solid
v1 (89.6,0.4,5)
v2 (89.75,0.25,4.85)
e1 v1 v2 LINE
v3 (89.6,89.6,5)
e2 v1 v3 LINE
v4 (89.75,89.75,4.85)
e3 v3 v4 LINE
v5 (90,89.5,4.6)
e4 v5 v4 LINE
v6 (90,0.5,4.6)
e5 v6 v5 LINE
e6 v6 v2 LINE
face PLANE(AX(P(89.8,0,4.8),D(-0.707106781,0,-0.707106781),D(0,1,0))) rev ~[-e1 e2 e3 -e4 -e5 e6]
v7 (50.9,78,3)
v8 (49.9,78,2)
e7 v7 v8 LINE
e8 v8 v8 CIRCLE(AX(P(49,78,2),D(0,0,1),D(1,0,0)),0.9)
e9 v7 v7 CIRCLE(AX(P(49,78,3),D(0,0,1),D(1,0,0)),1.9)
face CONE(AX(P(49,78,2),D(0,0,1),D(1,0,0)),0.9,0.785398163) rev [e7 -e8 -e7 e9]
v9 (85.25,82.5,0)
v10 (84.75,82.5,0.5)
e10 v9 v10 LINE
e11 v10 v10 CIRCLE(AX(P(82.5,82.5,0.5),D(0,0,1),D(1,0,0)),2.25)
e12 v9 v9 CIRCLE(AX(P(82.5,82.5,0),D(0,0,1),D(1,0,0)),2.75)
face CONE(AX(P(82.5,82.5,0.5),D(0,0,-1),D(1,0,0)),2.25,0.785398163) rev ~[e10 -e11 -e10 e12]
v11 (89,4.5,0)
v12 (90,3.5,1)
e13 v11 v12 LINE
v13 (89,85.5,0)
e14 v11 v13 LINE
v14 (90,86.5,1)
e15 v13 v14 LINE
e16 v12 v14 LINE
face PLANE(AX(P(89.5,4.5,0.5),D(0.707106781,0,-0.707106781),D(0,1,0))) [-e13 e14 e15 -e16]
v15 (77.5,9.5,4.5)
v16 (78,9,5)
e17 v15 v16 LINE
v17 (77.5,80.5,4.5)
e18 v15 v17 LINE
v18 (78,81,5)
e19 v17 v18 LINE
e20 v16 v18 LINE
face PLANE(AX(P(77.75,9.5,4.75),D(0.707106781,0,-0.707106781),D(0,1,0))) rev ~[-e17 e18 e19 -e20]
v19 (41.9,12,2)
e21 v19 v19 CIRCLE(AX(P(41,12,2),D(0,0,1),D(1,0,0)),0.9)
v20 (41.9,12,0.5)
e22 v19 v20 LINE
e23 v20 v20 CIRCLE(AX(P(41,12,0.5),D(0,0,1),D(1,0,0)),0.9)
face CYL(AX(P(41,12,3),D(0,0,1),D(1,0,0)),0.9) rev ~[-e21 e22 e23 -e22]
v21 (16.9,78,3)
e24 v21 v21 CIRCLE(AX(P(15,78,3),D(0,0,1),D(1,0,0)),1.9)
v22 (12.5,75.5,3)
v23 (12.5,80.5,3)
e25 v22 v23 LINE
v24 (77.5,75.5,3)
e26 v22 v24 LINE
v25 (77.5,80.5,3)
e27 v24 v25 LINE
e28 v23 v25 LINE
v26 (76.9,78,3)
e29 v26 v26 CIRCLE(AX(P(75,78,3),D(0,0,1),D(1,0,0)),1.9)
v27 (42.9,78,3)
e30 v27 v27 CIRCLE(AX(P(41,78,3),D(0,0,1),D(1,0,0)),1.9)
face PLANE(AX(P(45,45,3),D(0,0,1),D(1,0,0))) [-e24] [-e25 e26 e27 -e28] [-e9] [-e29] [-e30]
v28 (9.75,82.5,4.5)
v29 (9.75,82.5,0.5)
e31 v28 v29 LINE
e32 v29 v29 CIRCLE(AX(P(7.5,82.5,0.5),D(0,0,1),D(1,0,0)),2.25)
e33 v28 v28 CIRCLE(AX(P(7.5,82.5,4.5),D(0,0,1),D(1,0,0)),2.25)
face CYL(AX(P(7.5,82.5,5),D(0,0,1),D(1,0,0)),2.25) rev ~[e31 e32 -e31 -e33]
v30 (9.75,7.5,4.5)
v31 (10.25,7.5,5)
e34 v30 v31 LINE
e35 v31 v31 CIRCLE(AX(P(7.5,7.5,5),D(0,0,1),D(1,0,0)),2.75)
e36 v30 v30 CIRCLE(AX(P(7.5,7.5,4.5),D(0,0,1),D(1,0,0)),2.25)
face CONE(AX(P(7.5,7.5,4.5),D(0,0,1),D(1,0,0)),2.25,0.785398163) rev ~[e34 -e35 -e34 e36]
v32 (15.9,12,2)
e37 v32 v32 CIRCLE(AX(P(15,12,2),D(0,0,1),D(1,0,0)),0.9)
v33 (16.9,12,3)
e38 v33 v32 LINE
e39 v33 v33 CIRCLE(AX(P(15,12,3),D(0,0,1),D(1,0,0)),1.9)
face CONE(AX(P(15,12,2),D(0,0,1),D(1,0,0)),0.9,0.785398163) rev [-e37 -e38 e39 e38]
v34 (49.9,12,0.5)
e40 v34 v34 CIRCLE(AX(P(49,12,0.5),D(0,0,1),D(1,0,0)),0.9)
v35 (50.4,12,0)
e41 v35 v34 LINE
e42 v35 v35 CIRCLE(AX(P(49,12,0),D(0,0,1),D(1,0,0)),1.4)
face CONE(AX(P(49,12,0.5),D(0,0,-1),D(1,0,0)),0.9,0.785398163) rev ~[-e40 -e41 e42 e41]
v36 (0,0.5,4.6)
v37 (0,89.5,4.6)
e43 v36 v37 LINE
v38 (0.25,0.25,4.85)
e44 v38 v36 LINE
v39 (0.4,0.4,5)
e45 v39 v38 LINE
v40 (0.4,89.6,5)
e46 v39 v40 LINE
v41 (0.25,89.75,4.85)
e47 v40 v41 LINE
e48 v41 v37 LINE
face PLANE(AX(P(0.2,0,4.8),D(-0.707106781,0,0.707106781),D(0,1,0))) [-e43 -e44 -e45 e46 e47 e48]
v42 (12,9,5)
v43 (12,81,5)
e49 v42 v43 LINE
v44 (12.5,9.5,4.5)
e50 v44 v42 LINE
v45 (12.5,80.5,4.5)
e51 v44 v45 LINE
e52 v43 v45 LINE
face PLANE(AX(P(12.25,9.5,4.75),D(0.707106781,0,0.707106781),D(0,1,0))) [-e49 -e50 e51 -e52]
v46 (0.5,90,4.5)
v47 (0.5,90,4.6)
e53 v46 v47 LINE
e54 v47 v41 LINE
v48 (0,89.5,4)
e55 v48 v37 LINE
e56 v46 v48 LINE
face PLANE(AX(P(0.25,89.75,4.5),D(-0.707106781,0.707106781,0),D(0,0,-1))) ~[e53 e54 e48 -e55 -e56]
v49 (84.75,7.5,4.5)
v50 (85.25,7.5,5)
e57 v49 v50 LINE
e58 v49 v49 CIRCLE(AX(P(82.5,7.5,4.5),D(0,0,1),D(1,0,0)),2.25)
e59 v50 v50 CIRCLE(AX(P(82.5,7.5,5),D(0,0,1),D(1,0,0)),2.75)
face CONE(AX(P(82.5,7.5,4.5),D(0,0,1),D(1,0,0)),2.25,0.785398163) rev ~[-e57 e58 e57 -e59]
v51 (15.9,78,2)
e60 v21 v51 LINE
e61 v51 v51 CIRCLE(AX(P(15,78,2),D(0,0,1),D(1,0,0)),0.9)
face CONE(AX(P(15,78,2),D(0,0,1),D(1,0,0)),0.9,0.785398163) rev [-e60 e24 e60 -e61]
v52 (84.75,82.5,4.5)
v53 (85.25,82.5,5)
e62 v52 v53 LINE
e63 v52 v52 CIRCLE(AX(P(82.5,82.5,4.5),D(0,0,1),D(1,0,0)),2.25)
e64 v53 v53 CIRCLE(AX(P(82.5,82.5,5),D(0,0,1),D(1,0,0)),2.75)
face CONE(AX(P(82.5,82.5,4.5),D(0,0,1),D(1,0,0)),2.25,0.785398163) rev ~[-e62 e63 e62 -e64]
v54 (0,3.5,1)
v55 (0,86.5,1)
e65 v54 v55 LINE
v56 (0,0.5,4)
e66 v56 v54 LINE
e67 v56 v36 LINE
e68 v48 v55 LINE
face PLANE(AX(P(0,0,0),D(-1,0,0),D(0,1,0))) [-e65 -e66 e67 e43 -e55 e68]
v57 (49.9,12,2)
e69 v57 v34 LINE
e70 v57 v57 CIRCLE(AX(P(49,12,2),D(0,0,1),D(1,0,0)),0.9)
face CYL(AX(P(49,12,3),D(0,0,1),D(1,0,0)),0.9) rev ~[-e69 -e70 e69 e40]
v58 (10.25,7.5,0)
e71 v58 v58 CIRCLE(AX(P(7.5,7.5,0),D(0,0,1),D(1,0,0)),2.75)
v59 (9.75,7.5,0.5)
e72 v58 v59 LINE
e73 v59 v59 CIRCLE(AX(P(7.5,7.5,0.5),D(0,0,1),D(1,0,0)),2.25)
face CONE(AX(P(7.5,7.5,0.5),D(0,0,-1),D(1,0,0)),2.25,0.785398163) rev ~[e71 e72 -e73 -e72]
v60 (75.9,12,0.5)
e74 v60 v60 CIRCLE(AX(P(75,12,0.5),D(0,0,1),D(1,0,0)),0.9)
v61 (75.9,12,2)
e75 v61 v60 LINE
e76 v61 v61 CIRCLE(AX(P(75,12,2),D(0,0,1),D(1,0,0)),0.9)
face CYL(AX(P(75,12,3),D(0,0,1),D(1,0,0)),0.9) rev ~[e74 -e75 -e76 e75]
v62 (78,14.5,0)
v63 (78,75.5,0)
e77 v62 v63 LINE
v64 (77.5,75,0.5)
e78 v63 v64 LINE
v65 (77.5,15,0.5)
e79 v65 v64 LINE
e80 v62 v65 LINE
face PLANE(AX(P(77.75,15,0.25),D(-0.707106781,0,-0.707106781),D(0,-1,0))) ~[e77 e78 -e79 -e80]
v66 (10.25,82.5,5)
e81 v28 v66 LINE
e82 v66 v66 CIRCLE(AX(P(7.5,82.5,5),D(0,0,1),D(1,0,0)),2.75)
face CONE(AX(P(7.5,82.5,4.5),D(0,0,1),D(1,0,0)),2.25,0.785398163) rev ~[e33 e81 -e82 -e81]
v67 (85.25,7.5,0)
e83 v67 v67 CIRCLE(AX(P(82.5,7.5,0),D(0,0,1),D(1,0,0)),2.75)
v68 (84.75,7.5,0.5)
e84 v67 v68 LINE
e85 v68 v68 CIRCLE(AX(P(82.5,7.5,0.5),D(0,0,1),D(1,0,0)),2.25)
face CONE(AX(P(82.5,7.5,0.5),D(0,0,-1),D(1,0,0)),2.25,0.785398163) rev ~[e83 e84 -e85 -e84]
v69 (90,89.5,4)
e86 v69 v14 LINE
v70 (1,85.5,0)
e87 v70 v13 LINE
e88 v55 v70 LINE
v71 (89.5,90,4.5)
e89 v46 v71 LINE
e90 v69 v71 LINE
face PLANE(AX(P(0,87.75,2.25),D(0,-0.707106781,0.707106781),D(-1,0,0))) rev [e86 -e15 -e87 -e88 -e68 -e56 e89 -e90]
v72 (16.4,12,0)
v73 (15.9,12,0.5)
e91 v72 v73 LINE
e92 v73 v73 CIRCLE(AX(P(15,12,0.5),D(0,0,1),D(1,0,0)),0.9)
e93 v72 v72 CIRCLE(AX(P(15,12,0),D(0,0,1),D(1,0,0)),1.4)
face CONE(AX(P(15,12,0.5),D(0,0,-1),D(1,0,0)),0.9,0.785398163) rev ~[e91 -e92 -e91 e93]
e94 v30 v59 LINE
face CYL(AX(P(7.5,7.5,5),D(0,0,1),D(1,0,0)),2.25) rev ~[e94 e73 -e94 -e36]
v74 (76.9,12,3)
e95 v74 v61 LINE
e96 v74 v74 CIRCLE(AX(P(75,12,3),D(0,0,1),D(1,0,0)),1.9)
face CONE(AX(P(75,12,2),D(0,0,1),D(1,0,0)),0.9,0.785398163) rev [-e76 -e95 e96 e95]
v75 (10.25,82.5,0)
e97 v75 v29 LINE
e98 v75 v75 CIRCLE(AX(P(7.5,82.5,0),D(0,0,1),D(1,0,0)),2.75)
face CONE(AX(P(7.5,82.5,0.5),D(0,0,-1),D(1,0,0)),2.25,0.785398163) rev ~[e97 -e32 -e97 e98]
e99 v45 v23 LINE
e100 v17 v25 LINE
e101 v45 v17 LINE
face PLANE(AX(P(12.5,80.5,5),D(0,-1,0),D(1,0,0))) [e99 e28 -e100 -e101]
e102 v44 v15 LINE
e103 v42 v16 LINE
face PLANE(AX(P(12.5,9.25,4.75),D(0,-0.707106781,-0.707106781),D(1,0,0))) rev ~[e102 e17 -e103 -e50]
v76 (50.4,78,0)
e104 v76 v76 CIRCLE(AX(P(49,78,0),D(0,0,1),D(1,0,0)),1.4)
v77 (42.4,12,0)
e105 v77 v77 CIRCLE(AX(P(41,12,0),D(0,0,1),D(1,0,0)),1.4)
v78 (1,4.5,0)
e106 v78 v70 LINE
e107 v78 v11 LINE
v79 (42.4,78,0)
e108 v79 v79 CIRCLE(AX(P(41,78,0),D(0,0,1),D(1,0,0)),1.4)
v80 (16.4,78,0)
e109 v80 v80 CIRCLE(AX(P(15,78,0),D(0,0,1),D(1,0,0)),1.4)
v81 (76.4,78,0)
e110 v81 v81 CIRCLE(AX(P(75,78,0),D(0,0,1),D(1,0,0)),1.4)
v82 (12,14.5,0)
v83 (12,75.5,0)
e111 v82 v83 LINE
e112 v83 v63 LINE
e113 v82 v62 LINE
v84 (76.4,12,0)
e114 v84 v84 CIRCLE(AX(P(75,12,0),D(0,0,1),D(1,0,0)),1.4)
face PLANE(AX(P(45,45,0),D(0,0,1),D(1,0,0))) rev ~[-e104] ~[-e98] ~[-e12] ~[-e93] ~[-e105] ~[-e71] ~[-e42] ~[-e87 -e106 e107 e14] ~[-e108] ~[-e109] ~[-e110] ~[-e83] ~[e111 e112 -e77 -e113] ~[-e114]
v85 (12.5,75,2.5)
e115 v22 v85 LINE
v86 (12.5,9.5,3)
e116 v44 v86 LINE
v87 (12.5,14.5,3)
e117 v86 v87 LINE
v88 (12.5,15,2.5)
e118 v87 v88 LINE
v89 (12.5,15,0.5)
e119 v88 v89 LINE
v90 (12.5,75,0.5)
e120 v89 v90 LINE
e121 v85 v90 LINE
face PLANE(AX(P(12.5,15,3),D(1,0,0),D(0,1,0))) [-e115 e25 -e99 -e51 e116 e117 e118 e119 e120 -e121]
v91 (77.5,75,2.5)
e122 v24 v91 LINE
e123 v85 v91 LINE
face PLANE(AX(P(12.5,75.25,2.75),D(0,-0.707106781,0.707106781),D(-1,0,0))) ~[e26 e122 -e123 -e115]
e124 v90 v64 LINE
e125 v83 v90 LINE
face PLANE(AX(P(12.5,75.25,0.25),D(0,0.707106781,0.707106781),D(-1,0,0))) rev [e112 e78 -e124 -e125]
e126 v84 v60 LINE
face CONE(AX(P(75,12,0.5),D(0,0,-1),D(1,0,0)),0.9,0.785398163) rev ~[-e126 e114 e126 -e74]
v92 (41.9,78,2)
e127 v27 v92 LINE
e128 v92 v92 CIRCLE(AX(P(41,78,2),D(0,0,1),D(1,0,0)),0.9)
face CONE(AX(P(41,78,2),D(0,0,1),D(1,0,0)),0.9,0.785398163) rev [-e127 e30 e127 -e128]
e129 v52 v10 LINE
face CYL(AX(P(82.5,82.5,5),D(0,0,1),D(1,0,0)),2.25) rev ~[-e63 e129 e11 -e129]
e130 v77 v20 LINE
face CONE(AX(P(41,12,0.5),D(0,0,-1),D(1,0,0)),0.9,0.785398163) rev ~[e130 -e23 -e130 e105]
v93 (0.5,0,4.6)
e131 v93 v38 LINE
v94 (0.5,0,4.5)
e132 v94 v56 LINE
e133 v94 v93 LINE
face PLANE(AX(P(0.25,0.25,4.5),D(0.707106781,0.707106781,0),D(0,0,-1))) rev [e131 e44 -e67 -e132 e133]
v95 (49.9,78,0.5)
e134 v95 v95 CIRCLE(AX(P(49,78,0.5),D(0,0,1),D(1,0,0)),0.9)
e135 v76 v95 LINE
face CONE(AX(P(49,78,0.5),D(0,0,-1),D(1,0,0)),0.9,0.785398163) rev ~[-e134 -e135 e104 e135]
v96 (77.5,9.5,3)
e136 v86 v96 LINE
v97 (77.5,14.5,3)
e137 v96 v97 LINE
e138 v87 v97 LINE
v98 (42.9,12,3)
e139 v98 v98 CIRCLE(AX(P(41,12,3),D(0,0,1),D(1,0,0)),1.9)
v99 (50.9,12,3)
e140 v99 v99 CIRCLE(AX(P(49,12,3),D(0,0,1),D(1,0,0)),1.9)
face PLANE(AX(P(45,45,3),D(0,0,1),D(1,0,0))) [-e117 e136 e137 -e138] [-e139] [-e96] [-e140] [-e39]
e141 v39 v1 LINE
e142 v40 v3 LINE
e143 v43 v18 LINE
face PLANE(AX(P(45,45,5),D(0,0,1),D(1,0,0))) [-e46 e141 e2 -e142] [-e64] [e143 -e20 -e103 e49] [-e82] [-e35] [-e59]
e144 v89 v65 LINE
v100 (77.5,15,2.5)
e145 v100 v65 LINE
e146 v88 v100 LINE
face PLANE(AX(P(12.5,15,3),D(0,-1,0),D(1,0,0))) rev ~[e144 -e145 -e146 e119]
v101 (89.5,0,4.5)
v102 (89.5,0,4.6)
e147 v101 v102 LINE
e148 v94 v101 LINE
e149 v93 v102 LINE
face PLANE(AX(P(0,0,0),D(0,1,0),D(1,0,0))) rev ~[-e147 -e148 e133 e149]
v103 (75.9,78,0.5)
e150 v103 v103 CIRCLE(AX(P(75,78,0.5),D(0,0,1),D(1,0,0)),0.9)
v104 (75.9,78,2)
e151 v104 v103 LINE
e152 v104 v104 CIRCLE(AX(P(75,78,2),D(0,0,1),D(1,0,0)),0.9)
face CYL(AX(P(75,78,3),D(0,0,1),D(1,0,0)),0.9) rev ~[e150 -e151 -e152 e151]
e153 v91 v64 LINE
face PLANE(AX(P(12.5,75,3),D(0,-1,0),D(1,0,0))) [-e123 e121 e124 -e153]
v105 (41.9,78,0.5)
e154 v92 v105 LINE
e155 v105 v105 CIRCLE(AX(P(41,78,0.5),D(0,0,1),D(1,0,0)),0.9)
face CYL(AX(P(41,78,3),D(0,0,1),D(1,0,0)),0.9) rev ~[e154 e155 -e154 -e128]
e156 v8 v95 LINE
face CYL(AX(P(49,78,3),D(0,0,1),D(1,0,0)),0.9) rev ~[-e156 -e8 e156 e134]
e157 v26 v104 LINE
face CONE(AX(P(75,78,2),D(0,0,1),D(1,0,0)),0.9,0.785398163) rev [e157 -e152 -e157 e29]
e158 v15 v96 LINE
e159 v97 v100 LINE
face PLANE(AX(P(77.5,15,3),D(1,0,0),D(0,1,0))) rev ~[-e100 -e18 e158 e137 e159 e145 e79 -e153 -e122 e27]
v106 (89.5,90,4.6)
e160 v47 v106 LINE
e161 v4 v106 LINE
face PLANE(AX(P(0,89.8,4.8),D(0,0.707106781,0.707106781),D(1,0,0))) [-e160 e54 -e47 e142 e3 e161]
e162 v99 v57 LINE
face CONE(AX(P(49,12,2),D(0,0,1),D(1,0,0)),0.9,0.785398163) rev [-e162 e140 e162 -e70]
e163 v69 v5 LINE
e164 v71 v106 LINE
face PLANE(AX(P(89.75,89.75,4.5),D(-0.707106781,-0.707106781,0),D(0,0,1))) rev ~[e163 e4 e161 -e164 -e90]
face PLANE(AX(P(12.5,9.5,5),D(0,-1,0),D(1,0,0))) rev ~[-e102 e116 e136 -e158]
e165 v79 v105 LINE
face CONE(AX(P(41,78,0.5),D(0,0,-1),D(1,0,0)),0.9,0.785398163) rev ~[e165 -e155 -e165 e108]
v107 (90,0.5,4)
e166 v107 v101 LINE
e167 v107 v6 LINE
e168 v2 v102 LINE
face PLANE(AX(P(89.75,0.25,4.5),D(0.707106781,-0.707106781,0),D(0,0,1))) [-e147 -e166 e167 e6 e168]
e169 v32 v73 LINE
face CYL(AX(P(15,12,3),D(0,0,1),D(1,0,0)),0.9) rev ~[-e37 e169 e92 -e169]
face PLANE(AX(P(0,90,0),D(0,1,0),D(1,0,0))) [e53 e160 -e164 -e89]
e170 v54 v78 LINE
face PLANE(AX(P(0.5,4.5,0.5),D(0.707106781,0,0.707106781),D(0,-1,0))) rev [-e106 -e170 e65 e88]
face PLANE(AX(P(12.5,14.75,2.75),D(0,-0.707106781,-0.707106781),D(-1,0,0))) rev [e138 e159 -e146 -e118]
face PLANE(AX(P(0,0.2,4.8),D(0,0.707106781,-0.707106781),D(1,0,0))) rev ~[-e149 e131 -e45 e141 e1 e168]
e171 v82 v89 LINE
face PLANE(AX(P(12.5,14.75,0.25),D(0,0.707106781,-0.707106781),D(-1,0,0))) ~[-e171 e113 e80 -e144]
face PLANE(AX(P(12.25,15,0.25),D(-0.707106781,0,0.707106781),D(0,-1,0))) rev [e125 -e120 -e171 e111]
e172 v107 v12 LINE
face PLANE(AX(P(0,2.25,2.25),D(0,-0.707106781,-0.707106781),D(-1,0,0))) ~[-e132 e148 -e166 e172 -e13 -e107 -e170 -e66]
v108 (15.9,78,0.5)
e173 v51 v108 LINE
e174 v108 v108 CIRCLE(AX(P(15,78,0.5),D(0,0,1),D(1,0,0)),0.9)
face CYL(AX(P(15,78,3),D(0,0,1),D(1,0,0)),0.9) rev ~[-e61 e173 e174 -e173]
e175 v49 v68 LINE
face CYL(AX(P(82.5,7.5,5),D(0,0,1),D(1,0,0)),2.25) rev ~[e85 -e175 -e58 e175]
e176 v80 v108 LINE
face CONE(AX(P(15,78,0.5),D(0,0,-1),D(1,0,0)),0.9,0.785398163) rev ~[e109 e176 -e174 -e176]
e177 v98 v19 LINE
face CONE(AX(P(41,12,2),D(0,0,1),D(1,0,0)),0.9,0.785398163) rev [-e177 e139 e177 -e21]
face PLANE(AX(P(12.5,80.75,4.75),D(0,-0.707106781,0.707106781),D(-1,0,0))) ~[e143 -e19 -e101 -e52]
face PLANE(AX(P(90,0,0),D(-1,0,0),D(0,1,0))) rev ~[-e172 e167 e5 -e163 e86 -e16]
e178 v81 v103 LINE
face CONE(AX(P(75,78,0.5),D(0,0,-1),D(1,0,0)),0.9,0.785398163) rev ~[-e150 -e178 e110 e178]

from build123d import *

# Parameters (mm, degrees)
SKETCH_W        = 90
SKETCH_H        = 90
PAD_DEPTH       = 5
SKETCH001_R     = 2.25
POCKET_DEPTH    = 5
SKETCH002_W     = 65
SKETCH002_H     = 71
POCKET001_DEPTH = 2
SKETCH003_R     = 0.9
POCKET002_DEPTH = 5
SKETCH004_W     = 65
SKETCH004_H     = 60
POCKET003_DEPTH = 3
CHAMFER_SIZE    = 4.5
CHAMFER001_SIZE = 1
CHAMFER002_SIZE = 0.5
CHAMFER003_SIZE = 0.5
CHAMFER004_SIZE = 0.5
CHAMFER005_SIZE = 0.5
CHAMFER006_SIZE = 1
CHAMFER007_SIZE = 0.5
CHAMFER008_SIZE = 0.5
CHAMFER009_SIZE = 0.4
CHAMFER010_SIZE = 0.5


with BuildPart() as part:
    # Sketch → Pad (new body)
    with BuildSketch(Plane.XY):
        with Locations((45, 45)):
            Rectangle(SKETCH_W, SKETCH_H)
    extrude(amount=PAD_DEPTH)

    # Sketch001 (on Face6 of Pad) → Pocket (cut)
    with BuildSketch(Plane.XY.offset(5)):
        with Locations((7.5, 82.5)):
            Circle(SKETCH001_R)
        with Locations((82.5, 82.5)):
            Circle(SKETCH001_R)
        with Locations((82.5, 7.5)):
            Circle(SKETCH001_R)
        with Locations((7.5, 7.5)):
            Circle(SKETCH001_R)
    extrude(amount=-POCKET_DEPTH, mode=Mode.SUBTRACT)

    # Sketch002 (on Face5 of Pocket) → Pocket001 (cut)
    with BuildSketch(Plane.XY.offset(5)):
        with Locations((45, 45)):
            Rectangle(SKETCH002_W, SKETCH002_H)
    extrude(amount=-POCKET001_DEPTH, mode=Mode.SUBTRACT)

    # Sketch003 (on Face15 of Pocket001) → Pocket002 (cut)
    with BuildSketch(Plane.XY.offset(3)):
        with Locations((15, 78)):
            Circle(SKETCH003_R)
        with Locations((41, 78)):
            Circle(SKETCH003_R)
        with Locations((41, 12)):
            Circle(SKETCH003_R)
        with Locations((15, 12)):
            Circle(SKETCH003_R)
        with Locations((49, 78)):
            Circle(SKETCH003_R)
        with Locations((75, 78)):
            Circle(SKETCH003_R)
        with Locations((75, 12)):
            Circle(SKETCH003_R)
        with Locations((49, 12)):
            Circle(SKETCH003_R)
    extrude(amount=-POCKET002_DEPTH, mode=Mode.SUBTRACT)

    # Sketch004 (on Face23 of Pocket002) → Pocket003 (cut)
    with BuildSketch(Plane.XY.offset(3)):
        with Locations((45, 45)):
            Rectangle(SKETCH004_W, SKETCH004_H)
    extrude(amount=-POCKET003_DEPTH, mode=Mode.SUBTRACT)

    # Chamfer
    chamfer_edges = [part.edges().sort_by_distance(p)[0] for p in [
        (45, 90, 0),
        (45, 0, 0),
    ]]
    chamfer(chamfer_edges, length=CHAMFER_SIZE)

    # Chamfer001
    chamfer001_edges = [part.edges().sort_by_distance(p)[0] for p in [
        (0, 45, 0),
        (90, 45, 0),
    ]]
    chamfer(chamfer001_edges, length=CHAMFER001_SIZE)

    # Chamfer002
    chamfer002_edges = [part.edges().sort_by_distance(p)[0] for p in [
        (45, 75, 0),
        (12.5, 45, 0),
        (45, 15, 0),
        (77.5, 45, 0),
    ]]
    chamfer(chamfer002_edges, length=CHAMFER002_SIZE)

    # Chamfer003
    chamfer003_edges = [part.edges().sort_by_distance(p)[0] for p in [
        (5.25, 7.5, 0),
        (80.25, 82.5, 0),
        (80.25, 7.5, 0),
        (5.25, 82.5, 0),
    ]]
    chamfer(chamfer003_edges, length=CHAMFER003_SIZE)

    # Chamfer004
    chamfer004_edges = [part.edges().sort_by_distance(p)[0] for p in [
        (14.1, 78, 0),
        (14.1, 12, 0),
        (40.1, 78, 0),
        (48.1, 12, 0),
        (40.1, 12, 0),
        (48.1, 78, 0),
        (74.1, 12, 0),
        (74.1, 78, 0),
    ]]
    chamfer(chamfer004_edges, length=CHAMFER004_SIZE)

    # Chamfer005
    chamfer005_edges = [part.edges().sort_by_distance(p)[0] for p in [
        (5.25, 7.5, 5),
        (80.25, 7.5, 5),
        (80.25, 82.5, 5),
        (5.25, 82.5, 5),
    ]]
    chamfer(chamfer005_edges, length=CHAMFER005_SIZE)

    # Chamfer006
    chamfer006_edges = [part.edges().sort_by_distance(p)[0] for p in [
        (74.1, 78, 3),
        (48.1, 78, 3),
        (14.1, 78, 3),
        (14.1, 12, 3),
        (40.1, 12, 3),
        (74.1, 12, 3),
        (48.1, 12, 3),
        (40.1, 78, 3),
    ]]
    chamfer(chamfer006_edges, length=CHAMFER006_SIZE)

    # Chamfer007
    chamfer007_edges = [part.edges().sort_by_distance(p)[0] for p in [
        (77.5, 45, 5),
        (45, 80.5, 5),
        (12.5, 45, 5),
        (45, 9.5, 5),
    ]]
    chamfer(chamfer007_edges, length=CHAMFER007_SIZE)

    # Chamfer008
    chamfer008_edges = [part.edges().sort_by_distance(p)[0] for p in [
        (45, 15, 3),
        (45, 75, 3),
    ]]
    chamfer(chamfer008_edges, length=CHAMFER008_SIZE)

    # Chamfer009
    chamfer009_edges = [part.edges().sort_by_distance(p)[0] for p in [
        (90, 45, 5),
        (45, 90, 5),
        (0, 45, 5),
        (45, 0, 5),
    ]]
    chamfer(chamfer009_edges, length=CHAMFER009_SIZE)

    # Chamfer010
    chamfer010_edges = [part.edges().sort_by_distance(p)[0] for p in [
        (90, 0, 4.55),
        (90, 90, 4.55),
        (0, 90, 4.55),
        (0, 0, 4.55),
    ]]
    chamfer(chamfer010_edges, length=CHAMFER010_SIZE)


solid = part.part
